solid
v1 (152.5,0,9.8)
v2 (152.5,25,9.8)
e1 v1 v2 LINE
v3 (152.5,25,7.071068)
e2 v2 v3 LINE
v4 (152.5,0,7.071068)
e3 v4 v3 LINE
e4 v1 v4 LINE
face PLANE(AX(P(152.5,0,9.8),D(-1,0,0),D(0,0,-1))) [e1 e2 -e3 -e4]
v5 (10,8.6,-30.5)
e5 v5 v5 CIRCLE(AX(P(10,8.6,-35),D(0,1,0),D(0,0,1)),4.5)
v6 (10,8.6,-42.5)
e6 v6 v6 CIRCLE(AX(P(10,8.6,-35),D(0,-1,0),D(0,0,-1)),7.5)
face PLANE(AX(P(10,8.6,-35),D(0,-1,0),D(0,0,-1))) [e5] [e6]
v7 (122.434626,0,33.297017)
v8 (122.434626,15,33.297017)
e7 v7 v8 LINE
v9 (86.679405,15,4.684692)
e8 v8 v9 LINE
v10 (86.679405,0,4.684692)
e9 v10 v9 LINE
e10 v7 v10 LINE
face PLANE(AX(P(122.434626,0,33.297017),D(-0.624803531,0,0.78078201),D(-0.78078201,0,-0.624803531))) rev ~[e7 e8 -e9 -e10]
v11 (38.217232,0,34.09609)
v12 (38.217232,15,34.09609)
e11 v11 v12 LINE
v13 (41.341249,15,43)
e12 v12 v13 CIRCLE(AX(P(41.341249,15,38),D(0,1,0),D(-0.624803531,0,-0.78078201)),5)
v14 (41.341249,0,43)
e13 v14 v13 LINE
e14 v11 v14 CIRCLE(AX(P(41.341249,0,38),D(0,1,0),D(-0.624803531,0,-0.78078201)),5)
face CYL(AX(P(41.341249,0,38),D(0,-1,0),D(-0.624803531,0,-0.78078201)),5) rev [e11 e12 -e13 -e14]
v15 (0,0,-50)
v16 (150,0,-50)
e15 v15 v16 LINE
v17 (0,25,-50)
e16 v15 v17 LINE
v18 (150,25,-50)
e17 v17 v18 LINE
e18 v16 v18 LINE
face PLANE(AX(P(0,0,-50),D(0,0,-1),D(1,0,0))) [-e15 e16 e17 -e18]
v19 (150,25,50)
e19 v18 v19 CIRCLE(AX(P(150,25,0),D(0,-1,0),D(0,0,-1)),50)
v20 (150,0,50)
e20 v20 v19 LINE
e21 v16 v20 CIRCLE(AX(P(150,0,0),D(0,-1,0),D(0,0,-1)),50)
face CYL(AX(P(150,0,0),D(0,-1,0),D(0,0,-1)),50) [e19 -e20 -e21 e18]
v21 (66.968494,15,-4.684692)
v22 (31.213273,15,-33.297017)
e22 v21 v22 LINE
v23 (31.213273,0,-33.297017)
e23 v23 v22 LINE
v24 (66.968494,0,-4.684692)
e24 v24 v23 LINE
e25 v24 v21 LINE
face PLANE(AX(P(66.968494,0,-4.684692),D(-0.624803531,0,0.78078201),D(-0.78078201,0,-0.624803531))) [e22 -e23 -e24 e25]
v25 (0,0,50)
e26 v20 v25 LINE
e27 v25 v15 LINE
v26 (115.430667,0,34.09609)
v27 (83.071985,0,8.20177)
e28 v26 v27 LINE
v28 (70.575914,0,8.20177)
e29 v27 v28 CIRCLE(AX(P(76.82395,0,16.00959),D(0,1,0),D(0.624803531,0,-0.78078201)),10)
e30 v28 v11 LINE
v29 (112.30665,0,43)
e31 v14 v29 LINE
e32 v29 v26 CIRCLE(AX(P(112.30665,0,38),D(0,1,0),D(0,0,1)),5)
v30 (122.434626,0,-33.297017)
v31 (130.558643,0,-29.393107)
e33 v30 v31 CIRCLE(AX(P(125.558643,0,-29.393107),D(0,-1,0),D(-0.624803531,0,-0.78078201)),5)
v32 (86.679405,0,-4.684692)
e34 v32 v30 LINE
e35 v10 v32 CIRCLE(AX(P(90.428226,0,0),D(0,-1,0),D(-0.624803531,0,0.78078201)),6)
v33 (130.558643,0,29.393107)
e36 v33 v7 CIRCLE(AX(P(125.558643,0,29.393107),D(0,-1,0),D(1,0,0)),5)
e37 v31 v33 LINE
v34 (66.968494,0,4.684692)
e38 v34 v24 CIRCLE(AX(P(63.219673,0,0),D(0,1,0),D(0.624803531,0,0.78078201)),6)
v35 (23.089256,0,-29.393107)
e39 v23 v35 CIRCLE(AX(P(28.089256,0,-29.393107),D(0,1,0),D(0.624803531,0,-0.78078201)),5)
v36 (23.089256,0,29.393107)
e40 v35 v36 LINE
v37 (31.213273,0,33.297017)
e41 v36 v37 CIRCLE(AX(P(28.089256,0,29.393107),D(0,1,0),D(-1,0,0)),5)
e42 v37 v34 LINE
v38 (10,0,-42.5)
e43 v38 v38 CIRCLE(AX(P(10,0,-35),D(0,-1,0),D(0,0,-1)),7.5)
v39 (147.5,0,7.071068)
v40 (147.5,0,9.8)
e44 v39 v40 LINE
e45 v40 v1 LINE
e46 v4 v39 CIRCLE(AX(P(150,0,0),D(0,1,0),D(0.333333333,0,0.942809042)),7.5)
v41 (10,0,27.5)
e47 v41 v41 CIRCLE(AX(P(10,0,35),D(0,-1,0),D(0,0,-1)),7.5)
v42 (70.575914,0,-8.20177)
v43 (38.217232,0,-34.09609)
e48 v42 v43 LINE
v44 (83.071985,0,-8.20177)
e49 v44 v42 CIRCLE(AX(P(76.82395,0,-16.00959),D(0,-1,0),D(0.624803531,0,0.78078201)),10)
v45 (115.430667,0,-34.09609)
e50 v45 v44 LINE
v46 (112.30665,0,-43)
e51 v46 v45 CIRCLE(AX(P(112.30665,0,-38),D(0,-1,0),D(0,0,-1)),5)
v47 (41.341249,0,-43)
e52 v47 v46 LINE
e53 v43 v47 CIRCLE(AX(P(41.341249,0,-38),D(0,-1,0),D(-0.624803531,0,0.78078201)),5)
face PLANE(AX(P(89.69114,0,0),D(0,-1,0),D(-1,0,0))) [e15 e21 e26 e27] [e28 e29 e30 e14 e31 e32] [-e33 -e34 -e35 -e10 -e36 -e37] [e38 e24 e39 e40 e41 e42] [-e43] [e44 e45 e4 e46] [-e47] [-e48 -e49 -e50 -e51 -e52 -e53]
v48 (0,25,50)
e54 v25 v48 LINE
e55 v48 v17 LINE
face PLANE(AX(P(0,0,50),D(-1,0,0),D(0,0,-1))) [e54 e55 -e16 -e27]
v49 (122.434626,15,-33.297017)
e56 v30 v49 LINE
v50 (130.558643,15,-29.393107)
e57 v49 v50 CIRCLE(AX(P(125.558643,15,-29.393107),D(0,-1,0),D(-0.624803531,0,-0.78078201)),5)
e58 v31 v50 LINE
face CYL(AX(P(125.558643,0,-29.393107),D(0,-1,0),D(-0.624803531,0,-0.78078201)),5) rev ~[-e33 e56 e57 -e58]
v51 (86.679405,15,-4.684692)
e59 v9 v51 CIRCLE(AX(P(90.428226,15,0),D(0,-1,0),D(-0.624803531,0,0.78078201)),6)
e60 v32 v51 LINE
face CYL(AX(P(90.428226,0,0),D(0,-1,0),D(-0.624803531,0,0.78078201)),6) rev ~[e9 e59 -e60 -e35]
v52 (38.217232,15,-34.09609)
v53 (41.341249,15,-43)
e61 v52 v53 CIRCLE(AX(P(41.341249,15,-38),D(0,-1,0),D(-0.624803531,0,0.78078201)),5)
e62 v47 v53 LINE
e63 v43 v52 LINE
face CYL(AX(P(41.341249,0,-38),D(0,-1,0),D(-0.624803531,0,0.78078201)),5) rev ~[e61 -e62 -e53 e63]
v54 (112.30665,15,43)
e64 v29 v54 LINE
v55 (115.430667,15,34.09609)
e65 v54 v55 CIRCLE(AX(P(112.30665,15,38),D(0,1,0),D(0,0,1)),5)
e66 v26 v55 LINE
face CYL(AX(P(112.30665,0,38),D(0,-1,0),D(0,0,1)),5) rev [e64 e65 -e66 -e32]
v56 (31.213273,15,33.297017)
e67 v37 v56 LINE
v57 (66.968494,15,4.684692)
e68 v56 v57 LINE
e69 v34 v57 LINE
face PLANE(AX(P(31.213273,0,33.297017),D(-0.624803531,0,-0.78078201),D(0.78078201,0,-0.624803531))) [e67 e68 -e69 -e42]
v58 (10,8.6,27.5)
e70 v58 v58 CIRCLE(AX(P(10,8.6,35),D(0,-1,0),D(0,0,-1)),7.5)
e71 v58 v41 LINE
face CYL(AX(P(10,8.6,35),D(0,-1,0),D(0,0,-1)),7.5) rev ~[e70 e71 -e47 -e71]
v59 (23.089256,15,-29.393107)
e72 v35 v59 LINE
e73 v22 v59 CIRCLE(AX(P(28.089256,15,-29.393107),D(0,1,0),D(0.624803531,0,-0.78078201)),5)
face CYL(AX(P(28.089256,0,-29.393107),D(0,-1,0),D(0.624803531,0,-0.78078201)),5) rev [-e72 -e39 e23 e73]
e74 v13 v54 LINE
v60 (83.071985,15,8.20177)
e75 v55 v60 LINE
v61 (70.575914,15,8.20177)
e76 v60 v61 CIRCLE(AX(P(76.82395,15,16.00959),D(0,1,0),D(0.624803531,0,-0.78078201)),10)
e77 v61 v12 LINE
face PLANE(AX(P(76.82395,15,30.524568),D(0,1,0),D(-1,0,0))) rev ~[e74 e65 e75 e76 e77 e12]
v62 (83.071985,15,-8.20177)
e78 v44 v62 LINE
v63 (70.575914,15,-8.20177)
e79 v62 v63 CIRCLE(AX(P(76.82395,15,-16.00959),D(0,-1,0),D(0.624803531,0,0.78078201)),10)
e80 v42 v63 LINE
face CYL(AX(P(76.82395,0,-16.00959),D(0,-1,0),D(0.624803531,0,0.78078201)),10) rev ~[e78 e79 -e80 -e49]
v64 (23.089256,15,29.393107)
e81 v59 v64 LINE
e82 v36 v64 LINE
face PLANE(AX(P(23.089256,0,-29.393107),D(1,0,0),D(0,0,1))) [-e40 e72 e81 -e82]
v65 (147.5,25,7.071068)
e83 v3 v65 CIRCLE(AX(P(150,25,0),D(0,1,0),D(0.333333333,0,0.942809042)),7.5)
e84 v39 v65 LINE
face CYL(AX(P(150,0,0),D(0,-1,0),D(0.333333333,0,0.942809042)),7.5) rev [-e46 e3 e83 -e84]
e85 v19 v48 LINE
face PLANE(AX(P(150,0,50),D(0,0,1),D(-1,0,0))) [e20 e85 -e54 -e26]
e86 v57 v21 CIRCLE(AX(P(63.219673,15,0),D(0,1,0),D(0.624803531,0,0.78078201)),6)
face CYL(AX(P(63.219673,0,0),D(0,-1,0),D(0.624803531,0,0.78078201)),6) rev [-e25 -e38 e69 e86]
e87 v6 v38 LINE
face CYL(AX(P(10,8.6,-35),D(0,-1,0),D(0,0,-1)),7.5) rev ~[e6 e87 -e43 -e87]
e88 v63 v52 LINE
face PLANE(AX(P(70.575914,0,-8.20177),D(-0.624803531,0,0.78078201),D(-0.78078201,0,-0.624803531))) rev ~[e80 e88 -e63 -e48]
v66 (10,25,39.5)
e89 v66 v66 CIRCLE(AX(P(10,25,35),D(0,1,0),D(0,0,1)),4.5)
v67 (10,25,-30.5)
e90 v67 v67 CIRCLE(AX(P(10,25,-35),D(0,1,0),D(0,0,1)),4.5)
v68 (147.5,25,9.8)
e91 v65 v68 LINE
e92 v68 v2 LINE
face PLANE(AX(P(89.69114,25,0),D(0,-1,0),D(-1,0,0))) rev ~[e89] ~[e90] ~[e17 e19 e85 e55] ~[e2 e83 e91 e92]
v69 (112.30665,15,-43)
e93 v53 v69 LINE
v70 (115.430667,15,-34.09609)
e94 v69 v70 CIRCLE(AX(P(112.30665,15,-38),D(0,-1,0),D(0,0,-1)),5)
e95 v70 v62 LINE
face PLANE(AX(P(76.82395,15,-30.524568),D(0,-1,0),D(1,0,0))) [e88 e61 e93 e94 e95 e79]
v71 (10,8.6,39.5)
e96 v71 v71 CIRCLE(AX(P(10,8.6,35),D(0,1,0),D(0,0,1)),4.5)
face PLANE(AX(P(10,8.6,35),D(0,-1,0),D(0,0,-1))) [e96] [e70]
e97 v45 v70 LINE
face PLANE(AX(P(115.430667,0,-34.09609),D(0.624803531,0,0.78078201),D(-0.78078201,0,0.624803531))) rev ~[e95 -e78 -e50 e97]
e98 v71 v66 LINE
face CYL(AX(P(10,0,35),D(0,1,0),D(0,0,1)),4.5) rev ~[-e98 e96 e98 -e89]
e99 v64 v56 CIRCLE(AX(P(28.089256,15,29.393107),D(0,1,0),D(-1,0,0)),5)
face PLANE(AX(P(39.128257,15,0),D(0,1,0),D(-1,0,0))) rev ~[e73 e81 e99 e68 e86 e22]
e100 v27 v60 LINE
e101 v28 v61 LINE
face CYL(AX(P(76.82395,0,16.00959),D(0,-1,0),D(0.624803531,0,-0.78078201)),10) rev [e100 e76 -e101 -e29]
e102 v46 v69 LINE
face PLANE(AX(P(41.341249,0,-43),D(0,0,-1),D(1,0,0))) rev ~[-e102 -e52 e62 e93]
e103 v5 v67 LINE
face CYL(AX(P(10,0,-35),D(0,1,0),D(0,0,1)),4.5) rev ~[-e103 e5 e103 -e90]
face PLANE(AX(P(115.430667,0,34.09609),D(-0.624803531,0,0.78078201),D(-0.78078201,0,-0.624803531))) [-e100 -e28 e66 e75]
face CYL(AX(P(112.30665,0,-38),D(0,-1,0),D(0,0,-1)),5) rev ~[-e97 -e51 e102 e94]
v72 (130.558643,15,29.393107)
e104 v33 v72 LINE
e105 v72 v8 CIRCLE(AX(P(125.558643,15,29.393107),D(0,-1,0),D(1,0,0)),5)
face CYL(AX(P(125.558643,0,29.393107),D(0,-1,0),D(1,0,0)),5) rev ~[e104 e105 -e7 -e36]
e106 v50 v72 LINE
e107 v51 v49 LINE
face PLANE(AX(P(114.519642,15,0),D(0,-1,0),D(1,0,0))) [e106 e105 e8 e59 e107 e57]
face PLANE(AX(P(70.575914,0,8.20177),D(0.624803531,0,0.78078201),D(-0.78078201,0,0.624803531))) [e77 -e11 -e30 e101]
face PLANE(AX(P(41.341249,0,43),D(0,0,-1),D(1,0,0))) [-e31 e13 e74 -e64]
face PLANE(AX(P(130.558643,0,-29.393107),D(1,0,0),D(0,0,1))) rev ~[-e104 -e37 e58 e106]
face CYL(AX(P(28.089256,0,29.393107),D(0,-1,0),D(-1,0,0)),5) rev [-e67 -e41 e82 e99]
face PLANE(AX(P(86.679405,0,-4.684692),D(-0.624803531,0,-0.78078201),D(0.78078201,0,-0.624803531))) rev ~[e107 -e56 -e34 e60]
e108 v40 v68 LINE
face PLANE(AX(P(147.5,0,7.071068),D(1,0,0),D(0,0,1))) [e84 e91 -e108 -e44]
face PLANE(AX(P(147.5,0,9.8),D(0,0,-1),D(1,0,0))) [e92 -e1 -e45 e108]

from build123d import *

# Parameters (mm, degrees)
DODANIE_WYCI_GNI_CIE1_DEPTH                         = 25
POG_BIENIE_WALCOWE_POD_M8_WKR_T_Z_BEM_W_D           = 9
POG_BIENIE_WALCOWE_POD_M8_WKR_T_Z_BEM_W_DEPTH       = 26.25
POG_BIENIE_WALCOWE_POD_M8_WKR_T_Z_BEM_W_CBORE_D     = 15
POG_BIENIE_WALCOWE_POD_M8_WKR_T_Z_BEM_W_CBORE_DEPTH = 8.6
POG_BIENIE_WALCOWE_POD_M8_WKR_T_Z_BEM_W_TIP         = 2.703872786
WYTNIJ_WYCI_GNI_CIE1_DEPTH                          = 15


with BuildPart() as part:
    # Szkic1 → Dodanie-wyciągnięcie1 (new body)
    with BuildSketch(Plane(origin=(0, 0, 0), x_dir=(1, 0, 0), z_dir=(0, 1, 0))):
        with BuildLine():
            Line((0, -50), (0, 50))
            Line((0, 50), (150, 50))
            ThreePointArc((150, 50), (200, 0), (150, -50))
            Line((150, -50), (0, -50))
        make_face()
        with BuildLine():
            Line((147.5, -9.8), (152.5, -9.8))
            Line((152.5, -9.8), (152.5, -7.071067812))
            ThreePointArc((152.5, -7.071067812), (150, 7.5), (147.5, -7.071067812))
            Line((147.5, -7.071067812), (147.5, -9.8))
        make_face(mode=Mode.SUBTRACT)
    extrude(amount=DODANIE_WYCI_GNI_CIE1_DEPTH)

    # Pogłębienie walcowe pod M8 Wkręt z łbem walcowym z gniazdem sześciokątnym1
    with Locations(Plane(origin=(10, 0, 35), x_dir=(0, 0, -1), z_dir=(0, -1, 0))):
        with Locations((0, 0), (70, 0)):
            CounterBoreHole(POG_BIENIE_WALCOWE_POD_M8_WKR_T_Z_BEM_W_D / 2, POG_BIENIE_WALCOWE_POD_M8_WKR_T_Z_BEM_W_CBORE_D / 2, POG_BIENIE_WALCOWE_POD_M8_WKR_T_Z_BEM_W_CBORE_DEPTH, depth=POG_BIENIE_WALCOWE_POD_M8_WKR_T_Z_BEM_W_DEPTH)
            with Locations((0, 0, -(POG_BIENIE_WALCOWE_POD_M8_WKR_T_Z_BEM_W_DEPTH + POG_BIENIE_WALCOWE_POD_M8_WKR_T_Z_BEM_W_TIP / 2))):  # 118° drill point
                Cone(0, POG_BIENIE_WALCOWE_POD_M8_WKR_T_Z_BEM_W_D / 2, POG_BIENIE_WALCOWE_POD_M8_WKR_T_Z_BEM_W_TIP, mode=Mode.SUBTRACT)

    # Szkic4 → Wytnij-wyciągnięcie1 (cut)
    with BuildSketch(Plane.XZ):
        with BuildLine():
            Line((31.213273393, 33.297016557), (66.968494236, 4.684692061))
            ThreePointArc((66.968494236, 4.684692061), (69.219673049, 0), (66.968494236, -4.684692061))
            Line((66.968494236, -4.684692061), (31.213273393, -33.297016557))
            ThreePointArc((31.213273393, -33.297016557), (25.923625146, -33.899773139), (23.089255738, -29.393106506))
            Line((23.089255738, -29.393106506), (23.089255738, 29.393106506))
            ThreePointArc((23.089255738, 29.393106506), (25.923625146, 33.899773139), (31.213273393, 33.297016557))
        make_face()
        with BuildLine():
            Line((41.341249338, -43), (112.306649775, -43))
            ThreePointArc((112.306649775, -43), (117.024676389, -39.655362459), (115.430667431, -34.096089949))
            Line((115.430667431, -34.096089949), (83.071984868, -8.201770072))
            ThreePointArc((83.071984868, -8.201770072), (76.823949557, -6.009590175), (70.575914246, -8.201770072))
            Line((70.575914246, -8.201770072), (38.217231683, -34.096089949))
            ThreePointArc((38.217231683, -34.096089949), (36.623222725, -39.655362459), (41.341249338, -43))
        make_face()
        with BuildLine():
            Line((130.558643376, -29.393106506), (130.558643376, 29.393106506))
            ThreePointArc((130.558643376, 29.393106506), (127.724273968, 33.899773139), (122.43462572, 33.297016557))
            Line((122.43462572, 33.297016557), (86.679404878, 4.684692061))
            ThreePointArc((86.679404878, 4.684692061), (84.428226064, 0), (86.679404878, -4.684692061))
            Line((86.679404878, -4.684692061), (122.43462572, -33.297016557))
            ThreePointArc((122.43462572, -33.297016557), (127.724273968, -33.899773139), (130.558643376, -29.393106506))
        make_face()
        with BuildLine():
            Line((41.341249338, 43), (112.306649775, 43))
            ThreePointArc((112.306649775, 43), (117.024676389, 39.655362459), (115.430667431, 34.096089949))
            Line((115.430667431, 34.096089949), (83.071984868, 8.201770072))
            ThreePointArc((83.071984868, 8.201770072), (76.823949557, 6.009590175), (70.575914246, 8.201770072))
            Line((70.575914246, 8.201770072), (38.217231683, 34.096089949))
            ThreePointArc((38.217231683, 34.096089949), (36.623222725, 39.655362459), (41.341249338, 43))
        make_face()
    extrude(amount=-WYTNIJ_WYCI_GNI_CIE1_DEPTH, mode=Mode.SUBTRACT)


solid = part.part
